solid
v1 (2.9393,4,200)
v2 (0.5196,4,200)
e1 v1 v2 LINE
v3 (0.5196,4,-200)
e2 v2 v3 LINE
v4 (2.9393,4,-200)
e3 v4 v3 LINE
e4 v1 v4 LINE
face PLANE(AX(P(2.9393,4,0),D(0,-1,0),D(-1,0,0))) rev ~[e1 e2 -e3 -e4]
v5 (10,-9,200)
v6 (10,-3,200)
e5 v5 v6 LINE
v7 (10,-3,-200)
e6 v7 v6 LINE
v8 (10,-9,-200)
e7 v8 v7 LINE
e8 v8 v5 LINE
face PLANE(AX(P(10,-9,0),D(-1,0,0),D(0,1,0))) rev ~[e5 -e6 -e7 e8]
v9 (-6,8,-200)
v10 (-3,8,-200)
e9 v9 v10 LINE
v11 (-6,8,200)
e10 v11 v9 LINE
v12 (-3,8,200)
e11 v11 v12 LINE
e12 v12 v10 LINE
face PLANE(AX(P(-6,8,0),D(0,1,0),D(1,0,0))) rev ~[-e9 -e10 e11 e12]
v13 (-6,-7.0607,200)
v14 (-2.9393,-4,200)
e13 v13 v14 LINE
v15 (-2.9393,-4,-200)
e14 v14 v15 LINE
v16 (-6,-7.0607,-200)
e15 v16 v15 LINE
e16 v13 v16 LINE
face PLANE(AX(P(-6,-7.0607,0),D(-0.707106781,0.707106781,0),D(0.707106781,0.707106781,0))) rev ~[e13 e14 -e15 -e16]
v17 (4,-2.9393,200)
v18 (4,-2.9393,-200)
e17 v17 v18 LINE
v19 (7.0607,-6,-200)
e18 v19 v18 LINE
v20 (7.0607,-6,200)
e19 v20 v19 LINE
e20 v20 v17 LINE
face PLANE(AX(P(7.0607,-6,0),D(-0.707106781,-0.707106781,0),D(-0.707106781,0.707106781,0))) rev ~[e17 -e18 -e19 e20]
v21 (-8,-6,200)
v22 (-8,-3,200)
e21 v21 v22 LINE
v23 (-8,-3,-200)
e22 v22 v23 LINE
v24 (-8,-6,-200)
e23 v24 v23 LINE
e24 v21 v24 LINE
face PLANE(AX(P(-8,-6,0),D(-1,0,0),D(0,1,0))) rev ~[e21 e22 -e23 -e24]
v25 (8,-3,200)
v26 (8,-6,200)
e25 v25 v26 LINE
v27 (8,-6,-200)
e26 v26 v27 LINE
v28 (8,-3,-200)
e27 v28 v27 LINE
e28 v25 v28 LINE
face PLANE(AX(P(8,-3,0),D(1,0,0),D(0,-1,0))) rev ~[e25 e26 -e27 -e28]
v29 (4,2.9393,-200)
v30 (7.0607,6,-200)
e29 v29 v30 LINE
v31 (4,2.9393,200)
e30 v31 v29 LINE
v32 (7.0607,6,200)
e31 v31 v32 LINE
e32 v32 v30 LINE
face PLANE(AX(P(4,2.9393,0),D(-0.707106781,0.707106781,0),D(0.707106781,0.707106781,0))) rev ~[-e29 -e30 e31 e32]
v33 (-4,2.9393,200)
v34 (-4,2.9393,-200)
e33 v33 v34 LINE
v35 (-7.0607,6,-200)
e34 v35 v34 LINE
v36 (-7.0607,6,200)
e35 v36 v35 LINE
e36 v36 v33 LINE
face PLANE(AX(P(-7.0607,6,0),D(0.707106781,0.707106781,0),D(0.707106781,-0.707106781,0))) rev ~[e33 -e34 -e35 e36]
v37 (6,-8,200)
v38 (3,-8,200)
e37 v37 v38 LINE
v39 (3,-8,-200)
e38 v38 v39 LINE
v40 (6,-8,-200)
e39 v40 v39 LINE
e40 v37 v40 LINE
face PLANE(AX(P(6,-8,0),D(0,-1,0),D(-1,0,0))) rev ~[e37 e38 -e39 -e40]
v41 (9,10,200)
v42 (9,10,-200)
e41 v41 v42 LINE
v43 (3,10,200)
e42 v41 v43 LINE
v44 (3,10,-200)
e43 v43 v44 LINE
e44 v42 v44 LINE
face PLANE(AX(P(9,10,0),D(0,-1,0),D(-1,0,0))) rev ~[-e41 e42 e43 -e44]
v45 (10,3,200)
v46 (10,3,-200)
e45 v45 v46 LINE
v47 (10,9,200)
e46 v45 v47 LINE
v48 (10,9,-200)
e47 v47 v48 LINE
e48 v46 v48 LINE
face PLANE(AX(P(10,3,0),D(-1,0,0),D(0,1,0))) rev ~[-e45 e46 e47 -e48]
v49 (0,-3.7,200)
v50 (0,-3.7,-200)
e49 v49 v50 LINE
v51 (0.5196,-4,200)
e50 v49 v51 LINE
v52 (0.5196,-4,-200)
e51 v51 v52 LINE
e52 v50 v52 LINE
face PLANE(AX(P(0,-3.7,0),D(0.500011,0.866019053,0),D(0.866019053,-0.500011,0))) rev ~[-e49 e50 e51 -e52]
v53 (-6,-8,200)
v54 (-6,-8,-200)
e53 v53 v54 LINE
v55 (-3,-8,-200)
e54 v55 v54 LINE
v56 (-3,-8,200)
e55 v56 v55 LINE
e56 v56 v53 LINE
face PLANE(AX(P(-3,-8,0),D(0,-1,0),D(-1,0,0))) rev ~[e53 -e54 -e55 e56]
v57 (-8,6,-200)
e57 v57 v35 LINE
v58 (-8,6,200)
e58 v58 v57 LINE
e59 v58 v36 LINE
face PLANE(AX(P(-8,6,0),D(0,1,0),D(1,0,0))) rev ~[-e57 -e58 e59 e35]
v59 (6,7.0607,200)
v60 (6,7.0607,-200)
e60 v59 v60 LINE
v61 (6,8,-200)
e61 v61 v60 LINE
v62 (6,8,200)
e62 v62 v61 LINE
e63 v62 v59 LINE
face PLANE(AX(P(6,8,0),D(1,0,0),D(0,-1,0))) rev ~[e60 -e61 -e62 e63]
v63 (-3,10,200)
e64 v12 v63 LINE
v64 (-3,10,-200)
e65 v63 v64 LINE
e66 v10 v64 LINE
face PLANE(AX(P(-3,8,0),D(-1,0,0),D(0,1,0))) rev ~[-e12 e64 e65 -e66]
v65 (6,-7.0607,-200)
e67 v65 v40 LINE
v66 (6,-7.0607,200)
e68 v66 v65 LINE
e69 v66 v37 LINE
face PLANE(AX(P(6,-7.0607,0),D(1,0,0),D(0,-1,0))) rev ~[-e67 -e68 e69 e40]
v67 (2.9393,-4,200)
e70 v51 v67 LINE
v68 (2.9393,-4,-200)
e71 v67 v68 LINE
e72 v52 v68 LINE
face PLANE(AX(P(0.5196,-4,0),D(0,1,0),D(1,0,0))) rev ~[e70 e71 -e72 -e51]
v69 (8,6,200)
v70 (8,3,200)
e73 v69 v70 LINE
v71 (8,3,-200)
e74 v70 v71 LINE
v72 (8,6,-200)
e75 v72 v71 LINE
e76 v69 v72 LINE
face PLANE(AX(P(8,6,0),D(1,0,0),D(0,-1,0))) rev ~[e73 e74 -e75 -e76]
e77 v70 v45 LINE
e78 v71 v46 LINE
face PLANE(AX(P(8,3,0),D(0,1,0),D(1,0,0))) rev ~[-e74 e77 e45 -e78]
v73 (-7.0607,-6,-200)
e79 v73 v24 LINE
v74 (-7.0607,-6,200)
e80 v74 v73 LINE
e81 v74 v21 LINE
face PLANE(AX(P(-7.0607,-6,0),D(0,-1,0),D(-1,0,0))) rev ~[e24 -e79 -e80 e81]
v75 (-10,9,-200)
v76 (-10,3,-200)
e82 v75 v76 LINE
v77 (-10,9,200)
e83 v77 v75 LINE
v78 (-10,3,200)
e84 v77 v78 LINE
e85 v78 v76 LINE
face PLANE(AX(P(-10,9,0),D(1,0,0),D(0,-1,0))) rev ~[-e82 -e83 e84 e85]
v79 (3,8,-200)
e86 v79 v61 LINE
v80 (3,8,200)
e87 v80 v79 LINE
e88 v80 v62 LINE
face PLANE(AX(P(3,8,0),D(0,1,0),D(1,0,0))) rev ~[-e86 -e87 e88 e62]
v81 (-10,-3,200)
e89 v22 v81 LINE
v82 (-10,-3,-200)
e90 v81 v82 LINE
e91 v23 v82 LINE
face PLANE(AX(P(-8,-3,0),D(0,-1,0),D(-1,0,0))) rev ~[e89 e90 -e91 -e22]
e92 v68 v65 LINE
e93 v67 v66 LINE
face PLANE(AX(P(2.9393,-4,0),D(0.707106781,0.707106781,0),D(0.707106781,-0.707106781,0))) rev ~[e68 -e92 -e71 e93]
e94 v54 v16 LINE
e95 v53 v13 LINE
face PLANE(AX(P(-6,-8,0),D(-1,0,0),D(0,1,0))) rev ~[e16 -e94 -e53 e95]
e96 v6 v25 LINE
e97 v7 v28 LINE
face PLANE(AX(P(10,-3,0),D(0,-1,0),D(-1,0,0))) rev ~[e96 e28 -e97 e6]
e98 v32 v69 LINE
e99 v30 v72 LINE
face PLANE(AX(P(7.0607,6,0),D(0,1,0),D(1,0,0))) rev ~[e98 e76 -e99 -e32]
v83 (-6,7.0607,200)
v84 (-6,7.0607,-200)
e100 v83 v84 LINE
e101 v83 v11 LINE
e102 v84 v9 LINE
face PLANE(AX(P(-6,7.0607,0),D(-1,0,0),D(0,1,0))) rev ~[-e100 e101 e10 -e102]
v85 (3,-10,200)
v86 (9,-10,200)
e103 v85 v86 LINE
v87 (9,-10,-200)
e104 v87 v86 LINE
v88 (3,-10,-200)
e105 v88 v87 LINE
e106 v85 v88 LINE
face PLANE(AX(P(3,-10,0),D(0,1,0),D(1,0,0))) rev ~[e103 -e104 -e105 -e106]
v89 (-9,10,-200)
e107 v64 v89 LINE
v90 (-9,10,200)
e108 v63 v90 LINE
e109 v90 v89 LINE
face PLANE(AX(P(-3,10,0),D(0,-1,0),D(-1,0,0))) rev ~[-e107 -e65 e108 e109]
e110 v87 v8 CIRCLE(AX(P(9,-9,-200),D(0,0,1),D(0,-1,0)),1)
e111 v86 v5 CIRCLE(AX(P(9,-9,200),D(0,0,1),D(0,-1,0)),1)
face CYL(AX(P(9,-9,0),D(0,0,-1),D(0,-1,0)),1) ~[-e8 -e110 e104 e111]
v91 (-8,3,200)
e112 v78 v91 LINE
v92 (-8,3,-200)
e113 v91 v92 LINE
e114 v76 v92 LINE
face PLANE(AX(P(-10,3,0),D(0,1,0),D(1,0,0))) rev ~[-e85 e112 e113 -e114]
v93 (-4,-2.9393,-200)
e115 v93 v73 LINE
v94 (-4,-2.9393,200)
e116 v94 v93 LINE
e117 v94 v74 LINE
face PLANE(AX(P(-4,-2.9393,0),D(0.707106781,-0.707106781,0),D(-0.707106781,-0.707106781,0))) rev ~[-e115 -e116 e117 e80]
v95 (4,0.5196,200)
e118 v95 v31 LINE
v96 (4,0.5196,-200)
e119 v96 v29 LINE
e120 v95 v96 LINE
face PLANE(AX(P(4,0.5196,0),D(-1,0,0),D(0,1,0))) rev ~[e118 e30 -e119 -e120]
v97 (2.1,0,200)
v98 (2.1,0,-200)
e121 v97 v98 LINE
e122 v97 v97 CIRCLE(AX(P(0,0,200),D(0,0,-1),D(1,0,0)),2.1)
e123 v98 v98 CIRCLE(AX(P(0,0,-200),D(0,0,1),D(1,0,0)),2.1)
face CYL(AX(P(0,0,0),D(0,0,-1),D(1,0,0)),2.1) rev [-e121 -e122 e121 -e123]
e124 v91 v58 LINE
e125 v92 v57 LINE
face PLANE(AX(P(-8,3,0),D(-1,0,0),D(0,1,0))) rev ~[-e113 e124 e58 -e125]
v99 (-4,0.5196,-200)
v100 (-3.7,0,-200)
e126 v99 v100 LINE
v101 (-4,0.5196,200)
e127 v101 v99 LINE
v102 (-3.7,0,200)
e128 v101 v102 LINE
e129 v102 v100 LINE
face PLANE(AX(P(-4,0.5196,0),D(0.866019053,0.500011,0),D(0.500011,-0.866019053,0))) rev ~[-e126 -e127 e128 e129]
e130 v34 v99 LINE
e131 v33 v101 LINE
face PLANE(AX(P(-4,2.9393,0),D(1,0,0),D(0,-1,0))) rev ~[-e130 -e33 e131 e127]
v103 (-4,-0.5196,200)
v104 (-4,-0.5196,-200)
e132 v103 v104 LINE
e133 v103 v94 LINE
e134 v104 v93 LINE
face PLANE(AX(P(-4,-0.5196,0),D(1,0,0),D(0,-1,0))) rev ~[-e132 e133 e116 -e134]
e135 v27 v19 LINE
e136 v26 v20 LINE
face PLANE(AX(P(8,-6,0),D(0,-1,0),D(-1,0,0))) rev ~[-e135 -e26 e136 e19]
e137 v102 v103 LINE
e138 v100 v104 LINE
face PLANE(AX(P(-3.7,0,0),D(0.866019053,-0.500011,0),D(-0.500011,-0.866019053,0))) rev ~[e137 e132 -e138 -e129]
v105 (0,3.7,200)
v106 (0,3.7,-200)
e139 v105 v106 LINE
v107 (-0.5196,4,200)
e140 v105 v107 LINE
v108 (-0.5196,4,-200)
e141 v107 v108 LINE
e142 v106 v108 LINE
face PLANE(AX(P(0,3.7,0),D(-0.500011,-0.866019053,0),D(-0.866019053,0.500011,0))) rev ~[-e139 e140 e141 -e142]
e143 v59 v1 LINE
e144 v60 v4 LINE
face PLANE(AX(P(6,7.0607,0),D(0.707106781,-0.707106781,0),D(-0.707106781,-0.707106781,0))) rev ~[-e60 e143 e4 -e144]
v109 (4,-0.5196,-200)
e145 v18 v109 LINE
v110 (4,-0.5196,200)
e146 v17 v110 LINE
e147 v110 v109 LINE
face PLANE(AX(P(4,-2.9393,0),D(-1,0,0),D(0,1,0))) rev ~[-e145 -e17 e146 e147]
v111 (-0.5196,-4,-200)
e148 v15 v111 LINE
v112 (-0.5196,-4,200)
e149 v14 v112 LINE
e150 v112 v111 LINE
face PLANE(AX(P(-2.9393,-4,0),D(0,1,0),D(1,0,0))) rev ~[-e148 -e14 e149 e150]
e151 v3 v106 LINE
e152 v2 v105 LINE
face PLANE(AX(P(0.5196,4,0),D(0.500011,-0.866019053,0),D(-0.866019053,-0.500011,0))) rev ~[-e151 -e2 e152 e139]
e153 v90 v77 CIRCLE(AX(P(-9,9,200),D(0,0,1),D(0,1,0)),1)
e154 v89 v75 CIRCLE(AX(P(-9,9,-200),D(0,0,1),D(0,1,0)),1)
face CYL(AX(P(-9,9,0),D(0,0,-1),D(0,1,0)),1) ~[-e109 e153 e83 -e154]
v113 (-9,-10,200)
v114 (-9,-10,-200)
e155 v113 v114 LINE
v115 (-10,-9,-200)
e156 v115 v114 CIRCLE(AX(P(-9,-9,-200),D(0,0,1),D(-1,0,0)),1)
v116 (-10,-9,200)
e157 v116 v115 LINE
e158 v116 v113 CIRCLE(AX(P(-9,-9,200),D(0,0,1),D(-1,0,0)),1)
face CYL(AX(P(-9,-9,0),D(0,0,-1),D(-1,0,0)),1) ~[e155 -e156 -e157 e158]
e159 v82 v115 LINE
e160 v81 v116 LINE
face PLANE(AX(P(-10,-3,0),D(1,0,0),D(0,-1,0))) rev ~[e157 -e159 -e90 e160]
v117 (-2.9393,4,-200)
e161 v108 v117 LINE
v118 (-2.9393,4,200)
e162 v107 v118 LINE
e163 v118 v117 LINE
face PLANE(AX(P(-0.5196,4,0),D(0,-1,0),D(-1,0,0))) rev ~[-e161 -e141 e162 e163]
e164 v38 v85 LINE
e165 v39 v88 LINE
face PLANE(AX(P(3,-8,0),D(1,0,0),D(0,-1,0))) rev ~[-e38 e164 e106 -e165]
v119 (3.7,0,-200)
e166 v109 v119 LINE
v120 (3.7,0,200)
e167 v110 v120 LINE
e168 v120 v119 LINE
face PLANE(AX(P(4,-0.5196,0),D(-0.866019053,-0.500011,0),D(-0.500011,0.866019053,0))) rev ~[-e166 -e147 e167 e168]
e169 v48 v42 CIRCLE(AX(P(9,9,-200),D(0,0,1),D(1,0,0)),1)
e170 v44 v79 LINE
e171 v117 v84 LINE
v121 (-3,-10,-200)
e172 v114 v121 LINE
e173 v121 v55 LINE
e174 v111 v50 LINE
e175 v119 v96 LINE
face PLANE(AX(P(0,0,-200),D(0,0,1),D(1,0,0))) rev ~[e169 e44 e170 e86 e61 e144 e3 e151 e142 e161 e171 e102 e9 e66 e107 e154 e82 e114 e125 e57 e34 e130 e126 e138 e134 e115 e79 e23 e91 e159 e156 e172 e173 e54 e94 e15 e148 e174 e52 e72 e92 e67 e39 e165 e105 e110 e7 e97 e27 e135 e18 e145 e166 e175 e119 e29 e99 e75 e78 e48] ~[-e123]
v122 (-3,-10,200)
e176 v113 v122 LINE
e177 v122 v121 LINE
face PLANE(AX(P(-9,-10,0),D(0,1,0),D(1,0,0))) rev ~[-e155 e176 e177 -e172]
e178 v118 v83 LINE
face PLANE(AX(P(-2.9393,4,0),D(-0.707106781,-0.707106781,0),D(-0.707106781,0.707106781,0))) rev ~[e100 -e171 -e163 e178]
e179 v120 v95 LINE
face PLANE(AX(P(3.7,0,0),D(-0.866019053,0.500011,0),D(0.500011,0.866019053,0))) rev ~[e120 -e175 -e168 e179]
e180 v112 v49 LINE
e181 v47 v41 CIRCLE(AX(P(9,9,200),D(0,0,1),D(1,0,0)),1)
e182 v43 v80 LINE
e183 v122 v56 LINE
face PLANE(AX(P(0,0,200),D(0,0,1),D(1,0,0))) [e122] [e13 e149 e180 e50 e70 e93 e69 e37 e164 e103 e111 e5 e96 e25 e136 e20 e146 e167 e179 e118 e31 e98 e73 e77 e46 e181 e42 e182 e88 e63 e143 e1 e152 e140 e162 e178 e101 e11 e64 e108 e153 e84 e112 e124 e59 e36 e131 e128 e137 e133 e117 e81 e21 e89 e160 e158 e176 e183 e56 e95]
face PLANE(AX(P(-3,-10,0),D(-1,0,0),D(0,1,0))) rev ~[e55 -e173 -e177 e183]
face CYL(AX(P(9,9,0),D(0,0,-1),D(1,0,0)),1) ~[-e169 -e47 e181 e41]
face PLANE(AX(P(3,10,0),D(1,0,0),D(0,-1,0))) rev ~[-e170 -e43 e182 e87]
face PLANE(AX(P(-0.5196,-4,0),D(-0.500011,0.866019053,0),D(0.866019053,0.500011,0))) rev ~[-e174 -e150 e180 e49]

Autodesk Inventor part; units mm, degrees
ref_plane "YZ Plane" through (0, 0, 0) normal (1, 0, 0) x (0, 1, 0)
ref_plane "XZ Plane" through (0, 0, 0) normal (0, 1, 0) x (-1, 0, 0)
ref_plane "XY Plane" through (0, 0, 0) normal (0, 0, 1) x (1, 0, 0)
sketch "Sketch1" plane through (0, 0, 0) normal (0, 0, 1) x (1, 0, 0)
  line L0 (-2.205, 0) -> (2.205, 0)
  line L1 (0, -2.205) -> (0, 2.205)
  arc A0 (9, -10) -> (10, -9) centre (9, -9) ccw
  line L2 (-10, 9) -> (-10, 3)
  line L3 (-10, 3) -> (-8, 3)
  line L4 (-8, 3) -> (-8, 6)
  line L5 (-8, 6) -> (-7.0607, 6)
  line L6 (-7.0607, 6) -> (-4, 2.9393)
  line L7 (-4, 2.9393) -> (-4, 0.5196)
  line L8 (-4, 0.5196) -> (-3.7, 0)
  line L9 (-3.7, 0) -> (-4, -0.5196)
  line L10 (-4, -0.5196) -> (-4, -2.9393)
  line L11 (-4, -2.9393) -> (-7.0607, -6)
  line L12 (-7.0607, -6) -> (-8, -6)
  line L13 (-8, -6) -> (-8, -3)
  line L14 (-8, -3) -> (-10, -3)
  line L15 (-10, -3) -> (-10, -9)
  arc A1 (-10, -9) -> (-9, -10) centre (-9, -9) ccw
  line L16 (-9, -10) -> (-3, -10)
  line L17 (-3, -10) -> (-3, -8)
  line L18 (-3, -8) -> (-6, -8)
  line L19 (-6, -7.0607) -> (-2.9393, -4)
  line L20 (-2.9393, -4) -> (-0.5196, -4)
  line L21 (-0.5196, -4) -> (0, -3.7)
  line L22 (0, -3.7) -> (0.5196, -4)
  line L23 (0.5196, -4) -> (2.9393, -4)
  line L24 (2.9393, -4) -> (6, -7.0607)
  line L25 (6, -7.0607) -> (6, -8)
  line L26 (6, -8) -> (3, -8)
  line L27 (3, -8) -> (3, -10)
  line L28 (3, -10) -> (9, -10)
  line L29 (10, -9) -> (10, -3)
  line L30 (10, -3) -> (8, -3)
  line L31 (8, -3) -> (8, -6)
  line L32 (8, -6) -> (7.0607, -6)
  line L33 (7.0607, -6) -> (4, -2.9393)
  line L34 (4, -2.9393) -> (4, -0.5196)
  line L35 (4, -0.5196) -> (3.7, 0)
  line L36 (3.7, 0) -> (4, 0.5196)
  line L37 (4, 0.5196) -> (4, 2.9393)
  line L38 (4, 2.9393) -> (7.0607, 6)
  line L39 (7.0607, 6) -> (8, 6)
  line L40 (8, 6) -> (8, 3)
  line L41 (8, 3) -> (10, 3)
  line L42 (10, 3) -> (10, 9)
  arc A2 (10, 9) -> (9, 10) centre (9, 9) ccw
  line L43 (9, 10) -> (3, 10)
  line L44 (3, 10) -> (3, 8)
  line L45 (3, 8) -> (6, 8)
  line L46 (6, 8) -> (6, 7.0607)
  line L47 (6, 7.0607) -> (2.9393, 4)
  line L48 (2.9393, 4) -> (0.5196, 4)
  line L49 (0.5196, 4) -> (0, 3.7)
  line L50 (0, 3.7) -> (-0.5196, 4)
  line L51 (-0.5196, 4) -> (-2.9393, 4)
  line L52 (-2.9393, 4) -> (-6, 7.0607)
  line L53 (-6, 7.0607) -> (-6, 8)
  line L54 (-6, 8) -> (-3, 8)
  line L55 (-3, 8) -> (-3, 10)
  line L56 (-3, 10) -> (-9, 10)
  arc A3 (-9, 10) -> (-10, 9) centre (-9, 9) ccw
  circle A4 centre (0, 0) radius 2.1
  line L57 (-6, -8) -> (-6, -7.0607)
extrude "Extrusion1" add sketch "Sketch1" along normal mid plane 400
equation "\"d0\" = height"
equation "\"height\" = 400"
equation "\"panelChamfer\" = 75"
equation "\"suppourtPanelThickness\" = 2.38125"
properties part number "40 cm extrusion" material "Aluminum 6061"
